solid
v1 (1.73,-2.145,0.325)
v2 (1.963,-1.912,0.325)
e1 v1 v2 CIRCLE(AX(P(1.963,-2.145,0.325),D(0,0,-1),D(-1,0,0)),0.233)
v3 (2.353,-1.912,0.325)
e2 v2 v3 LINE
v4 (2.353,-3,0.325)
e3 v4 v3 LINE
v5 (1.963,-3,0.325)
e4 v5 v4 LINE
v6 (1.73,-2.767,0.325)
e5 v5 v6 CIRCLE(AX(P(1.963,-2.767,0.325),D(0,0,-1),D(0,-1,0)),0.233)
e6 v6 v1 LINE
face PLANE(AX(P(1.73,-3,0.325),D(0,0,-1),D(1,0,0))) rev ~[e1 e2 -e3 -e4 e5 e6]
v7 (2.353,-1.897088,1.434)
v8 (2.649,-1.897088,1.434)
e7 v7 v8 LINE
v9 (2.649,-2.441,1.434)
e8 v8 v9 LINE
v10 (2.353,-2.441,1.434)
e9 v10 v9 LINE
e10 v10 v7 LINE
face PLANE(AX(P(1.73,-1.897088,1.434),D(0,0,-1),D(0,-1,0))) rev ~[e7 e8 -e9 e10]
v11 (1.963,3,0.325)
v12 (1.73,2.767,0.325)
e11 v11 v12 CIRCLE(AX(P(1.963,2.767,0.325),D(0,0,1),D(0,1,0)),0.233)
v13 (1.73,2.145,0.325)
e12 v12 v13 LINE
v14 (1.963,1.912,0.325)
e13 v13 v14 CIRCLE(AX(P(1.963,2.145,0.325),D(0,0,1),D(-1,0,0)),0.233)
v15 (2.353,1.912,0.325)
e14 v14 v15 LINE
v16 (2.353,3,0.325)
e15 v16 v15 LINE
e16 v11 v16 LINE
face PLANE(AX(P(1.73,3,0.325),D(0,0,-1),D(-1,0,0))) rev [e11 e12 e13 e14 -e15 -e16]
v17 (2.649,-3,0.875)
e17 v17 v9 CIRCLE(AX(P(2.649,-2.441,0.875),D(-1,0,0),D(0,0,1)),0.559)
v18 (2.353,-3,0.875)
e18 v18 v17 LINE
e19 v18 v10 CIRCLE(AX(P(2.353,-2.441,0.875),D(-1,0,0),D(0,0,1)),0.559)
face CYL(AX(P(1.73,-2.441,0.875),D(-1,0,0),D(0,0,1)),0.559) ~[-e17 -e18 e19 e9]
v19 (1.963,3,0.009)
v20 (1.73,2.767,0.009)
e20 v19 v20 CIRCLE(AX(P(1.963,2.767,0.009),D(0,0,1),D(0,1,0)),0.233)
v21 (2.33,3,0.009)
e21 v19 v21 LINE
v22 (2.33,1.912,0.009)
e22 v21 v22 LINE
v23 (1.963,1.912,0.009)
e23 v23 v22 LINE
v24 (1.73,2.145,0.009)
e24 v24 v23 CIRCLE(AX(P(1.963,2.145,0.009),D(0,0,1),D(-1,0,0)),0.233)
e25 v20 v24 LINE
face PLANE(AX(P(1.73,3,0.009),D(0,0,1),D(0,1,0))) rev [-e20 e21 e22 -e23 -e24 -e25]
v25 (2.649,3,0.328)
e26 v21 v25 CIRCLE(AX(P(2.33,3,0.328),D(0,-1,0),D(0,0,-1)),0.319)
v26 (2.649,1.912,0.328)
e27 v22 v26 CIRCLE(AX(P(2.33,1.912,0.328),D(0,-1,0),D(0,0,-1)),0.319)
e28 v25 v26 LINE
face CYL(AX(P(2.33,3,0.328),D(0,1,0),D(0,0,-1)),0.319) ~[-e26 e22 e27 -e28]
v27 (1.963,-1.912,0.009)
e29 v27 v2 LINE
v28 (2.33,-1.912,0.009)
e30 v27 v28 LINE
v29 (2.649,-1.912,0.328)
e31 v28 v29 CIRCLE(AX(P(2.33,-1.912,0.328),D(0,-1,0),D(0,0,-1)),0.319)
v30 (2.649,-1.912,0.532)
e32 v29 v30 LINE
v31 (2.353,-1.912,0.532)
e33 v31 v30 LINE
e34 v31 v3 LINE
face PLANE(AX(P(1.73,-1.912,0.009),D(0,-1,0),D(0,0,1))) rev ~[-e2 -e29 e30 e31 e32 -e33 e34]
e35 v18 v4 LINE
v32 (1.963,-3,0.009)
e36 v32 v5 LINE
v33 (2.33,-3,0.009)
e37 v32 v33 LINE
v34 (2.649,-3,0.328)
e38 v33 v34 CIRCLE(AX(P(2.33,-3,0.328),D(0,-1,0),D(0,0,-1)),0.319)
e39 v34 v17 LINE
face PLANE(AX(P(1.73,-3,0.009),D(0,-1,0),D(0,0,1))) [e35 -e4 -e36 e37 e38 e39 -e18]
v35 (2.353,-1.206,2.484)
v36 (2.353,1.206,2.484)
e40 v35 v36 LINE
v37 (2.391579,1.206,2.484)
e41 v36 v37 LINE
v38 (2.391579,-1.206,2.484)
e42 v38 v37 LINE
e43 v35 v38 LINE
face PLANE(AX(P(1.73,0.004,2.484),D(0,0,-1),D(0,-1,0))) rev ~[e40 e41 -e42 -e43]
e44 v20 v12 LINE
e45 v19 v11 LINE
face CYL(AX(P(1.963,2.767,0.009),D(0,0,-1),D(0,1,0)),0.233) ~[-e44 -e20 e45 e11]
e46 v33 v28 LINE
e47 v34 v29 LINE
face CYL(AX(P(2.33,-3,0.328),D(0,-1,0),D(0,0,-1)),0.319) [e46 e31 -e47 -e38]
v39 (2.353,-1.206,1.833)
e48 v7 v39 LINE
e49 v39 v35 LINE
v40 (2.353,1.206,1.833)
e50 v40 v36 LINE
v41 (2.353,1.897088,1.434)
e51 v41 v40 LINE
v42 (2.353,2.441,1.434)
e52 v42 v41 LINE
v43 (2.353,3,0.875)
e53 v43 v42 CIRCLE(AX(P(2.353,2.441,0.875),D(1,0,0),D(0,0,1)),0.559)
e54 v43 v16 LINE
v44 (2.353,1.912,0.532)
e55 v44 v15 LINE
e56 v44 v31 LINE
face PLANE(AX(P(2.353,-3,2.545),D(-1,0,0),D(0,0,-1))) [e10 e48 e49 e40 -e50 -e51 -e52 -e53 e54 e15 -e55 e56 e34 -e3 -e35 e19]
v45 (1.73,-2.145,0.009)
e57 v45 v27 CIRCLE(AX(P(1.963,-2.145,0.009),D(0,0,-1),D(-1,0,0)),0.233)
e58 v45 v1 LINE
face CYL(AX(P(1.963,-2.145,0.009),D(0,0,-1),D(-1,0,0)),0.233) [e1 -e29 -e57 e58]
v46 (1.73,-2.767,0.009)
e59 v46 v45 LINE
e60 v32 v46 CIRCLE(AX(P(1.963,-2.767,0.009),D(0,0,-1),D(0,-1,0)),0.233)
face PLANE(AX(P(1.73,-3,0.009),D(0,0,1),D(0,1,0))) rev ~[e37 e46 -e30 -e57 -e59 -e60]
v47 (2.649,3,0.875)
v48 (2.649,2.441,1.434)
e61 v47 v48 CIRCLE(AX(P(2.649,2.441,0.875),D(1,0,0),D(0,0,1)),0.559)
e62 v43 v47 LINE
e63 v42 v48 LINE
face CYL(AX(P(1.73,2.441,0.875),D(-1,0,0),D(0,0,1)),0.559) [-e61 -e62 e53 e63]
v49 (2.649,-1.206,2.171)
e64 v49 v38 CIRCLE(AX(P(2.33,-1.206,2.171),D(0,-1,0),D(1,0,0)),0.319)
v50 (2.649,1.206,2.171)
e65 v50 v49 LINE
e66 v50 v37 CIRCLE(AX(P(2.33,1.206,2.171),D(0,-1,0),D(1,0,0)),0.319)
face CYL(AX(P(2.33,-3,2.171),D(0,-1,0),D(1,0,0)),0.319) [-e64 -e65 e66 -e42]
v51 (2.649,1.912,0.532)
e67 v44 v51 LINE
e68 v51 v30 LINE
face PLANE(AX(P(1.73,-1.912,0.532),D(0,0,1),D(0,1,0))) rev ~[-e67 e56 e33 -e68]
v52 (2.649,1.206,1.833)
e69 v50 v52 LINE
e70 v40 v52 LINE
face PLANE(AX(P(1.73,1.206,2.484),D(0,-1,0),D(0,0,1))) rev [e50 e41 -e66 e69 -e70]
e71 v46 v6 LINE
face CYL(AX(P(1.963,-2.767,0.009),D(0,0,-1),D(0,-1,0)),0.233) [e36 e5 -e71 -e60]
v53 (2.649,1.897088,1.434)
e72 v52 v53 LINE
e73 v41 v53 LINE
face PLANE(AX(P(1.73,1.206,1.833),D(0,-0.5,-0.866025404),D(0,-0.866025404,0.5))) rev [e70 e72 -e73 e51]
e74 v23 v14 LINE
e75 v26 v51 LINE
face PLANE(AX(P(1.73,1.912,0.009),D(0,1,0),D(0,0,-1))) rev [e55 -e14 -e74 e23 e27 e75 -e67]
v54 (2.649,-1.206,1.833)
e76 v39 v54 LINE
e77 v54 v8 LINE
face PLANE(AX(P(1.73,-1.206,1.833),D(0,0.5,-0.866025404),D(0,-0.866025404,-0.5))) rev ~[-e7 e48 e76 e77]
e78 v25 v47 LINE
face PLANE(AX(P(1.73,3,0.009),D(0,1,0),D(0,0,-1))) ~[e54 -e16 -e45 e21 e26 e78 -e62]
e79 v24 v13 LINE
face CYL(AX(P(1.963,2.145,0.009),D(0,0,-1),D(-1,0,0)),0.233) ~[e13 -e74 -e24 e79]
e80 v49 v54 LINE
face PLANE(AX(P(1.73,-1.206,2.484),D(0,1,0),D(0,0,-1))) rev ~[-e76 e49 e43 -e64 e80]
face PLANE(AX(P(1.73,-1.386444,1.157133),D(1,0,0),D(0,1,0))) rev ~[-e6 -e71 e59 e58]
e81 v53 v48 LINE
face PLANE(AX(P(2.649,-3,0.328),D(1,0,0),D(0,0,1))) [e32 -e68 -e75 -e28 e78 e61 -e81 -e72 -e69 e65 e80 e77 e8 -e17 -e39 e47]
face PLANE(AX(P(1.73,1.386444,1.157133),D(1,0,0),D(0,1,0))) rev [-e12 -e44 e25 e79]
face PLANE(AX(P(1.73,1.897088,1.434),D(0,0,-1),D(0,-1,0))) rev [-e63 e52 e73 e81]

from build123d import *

# Parameters (mm, degrees)
PAD012_DEPTH    = 0.92
POCKET011_DEPTH = 3.005
SKETCH026_W     = 2.22
SKETCH026_H     = 0.623
POCKET012_DEPTH = 3.005
POCKET013_DEPTH = 2.476


with BuildPart() as pocket013:
    # Sketch024 → Pad012 (new body)
    with BuildSketch(Plane(origin=(1.7300000817, 0.0040000316, 0.008999639), x_dir=(0, 1, 0), z_dir=(1, 0, 0))):
        with BuildLine():
            Line((-3.004, 0), (-1.916, 0))
            Line((-1.916, 0), (-1.916, 0.523))
            Line((-1.916, 0.523), (0, 0.523))
            Line((0, 0.523), (0, 2.475))
            Line((0, 2.475), (-1.21, 2.475))
            Line((-1.21, 2.475), (-1.21, 1.824))
            Line((-1.21, 1.824), (-1.9010882722, 1.425))
            Line((-1.9010882722, 1.425), (-2.445, 1.425))
            ThreePointArc((-2.445, 1.425), (-2.8402726907, 1.2612726907), (-3.004, 0.866))
            Line((-3.004, 0), (-3.004, 0.866))
        make_face()
    extrude(amount=PAD012_DEPTH)

    # Sketch025 (on Face10 of Pad012) → Pocket011 (cut, through all)
    with BuildSketch(Plane(origin=(1.7300000817, -2.9999999684, 0.008999639), x_dir=(0, 0, -1), z_dir=(0, -1, 0))):
        with BuildLine():
            ThreePointArc((0, 0.6), (-0.0934329368, 0.8255670632), (-0.319, 0.919))
            Line((-0.319, 0.919), (-2.162, 0.919))
            ThreePointArc((-2.162, 0.919), (-2.3875670632, 0.8255670632), (-2.481, 0.6))
            Line((-2.481, 0.6), (-2.481, 0.979))
            Line((-2.481, 0.979), (0, 0.979))
            Line((0, 0.979), (0, 0.6))
        make_face()
    extrude(amount=-POCKET011_DEPTH, mode=Mode.SUBTRACT)

    # Sketch026 (on Face5 of Pocket011) → Pocket012 (cut, through all)
    with BuildSketch(Plane(origin=(1.7300000817, -2.9999999684, 0.008999639), x_dir=(0, 0, -1), z_dir=(0, -1, 0))):
        with Locations((-1.426, 0.3115)):
            Rectangle(SKETCH026_W, SKETCH026_H)
    extrude(amount=-POCKET012_DEPTH, mode=Mode.SUBTRACT)

    # Sketch027 (on Face1 of Pocket012) → Pocket013 (cut, through all)
    with BuildSketch(Plane(origin=(1.7300000817, 0.0040000316, 0.008999639), x_dir=(0, 1, 0), z_dir=(0, 0, -1))):
        with BuildLine():
            Line((-3.004, -0.06), (-1.916, -0.06))
            Line((-1.916, 0.233), (-1.916, -0.06))
            ThreePointArc((-2.149, 0), (-1.98424412, 0.06824412), (-1.916, 0.233))
            Line((-2.771, 0), (-2.149, 0))
            ThreePointArc((-3.004, 0.233), (-2.93575588, 0.06824412), (-2.771, 0))
            Line((-3.004, 0.233), (-3.004, -0.06))
        make_face()
    extrude(amount=-POCKET013_DEPTH, mode=Mode.SUBTRACT)


with BuildPart() as fusion:
    # Part__Mirroring005: instance of Pocket013
    add(pocket013.part.mirror(Plane(origin=(0, 0, 0), x_dir=(1, 0, 0), z_dir=(0, 1, 0))))

    # Fusion: union Pocket013
    add(pocket013.part)


solid = fusion.part
